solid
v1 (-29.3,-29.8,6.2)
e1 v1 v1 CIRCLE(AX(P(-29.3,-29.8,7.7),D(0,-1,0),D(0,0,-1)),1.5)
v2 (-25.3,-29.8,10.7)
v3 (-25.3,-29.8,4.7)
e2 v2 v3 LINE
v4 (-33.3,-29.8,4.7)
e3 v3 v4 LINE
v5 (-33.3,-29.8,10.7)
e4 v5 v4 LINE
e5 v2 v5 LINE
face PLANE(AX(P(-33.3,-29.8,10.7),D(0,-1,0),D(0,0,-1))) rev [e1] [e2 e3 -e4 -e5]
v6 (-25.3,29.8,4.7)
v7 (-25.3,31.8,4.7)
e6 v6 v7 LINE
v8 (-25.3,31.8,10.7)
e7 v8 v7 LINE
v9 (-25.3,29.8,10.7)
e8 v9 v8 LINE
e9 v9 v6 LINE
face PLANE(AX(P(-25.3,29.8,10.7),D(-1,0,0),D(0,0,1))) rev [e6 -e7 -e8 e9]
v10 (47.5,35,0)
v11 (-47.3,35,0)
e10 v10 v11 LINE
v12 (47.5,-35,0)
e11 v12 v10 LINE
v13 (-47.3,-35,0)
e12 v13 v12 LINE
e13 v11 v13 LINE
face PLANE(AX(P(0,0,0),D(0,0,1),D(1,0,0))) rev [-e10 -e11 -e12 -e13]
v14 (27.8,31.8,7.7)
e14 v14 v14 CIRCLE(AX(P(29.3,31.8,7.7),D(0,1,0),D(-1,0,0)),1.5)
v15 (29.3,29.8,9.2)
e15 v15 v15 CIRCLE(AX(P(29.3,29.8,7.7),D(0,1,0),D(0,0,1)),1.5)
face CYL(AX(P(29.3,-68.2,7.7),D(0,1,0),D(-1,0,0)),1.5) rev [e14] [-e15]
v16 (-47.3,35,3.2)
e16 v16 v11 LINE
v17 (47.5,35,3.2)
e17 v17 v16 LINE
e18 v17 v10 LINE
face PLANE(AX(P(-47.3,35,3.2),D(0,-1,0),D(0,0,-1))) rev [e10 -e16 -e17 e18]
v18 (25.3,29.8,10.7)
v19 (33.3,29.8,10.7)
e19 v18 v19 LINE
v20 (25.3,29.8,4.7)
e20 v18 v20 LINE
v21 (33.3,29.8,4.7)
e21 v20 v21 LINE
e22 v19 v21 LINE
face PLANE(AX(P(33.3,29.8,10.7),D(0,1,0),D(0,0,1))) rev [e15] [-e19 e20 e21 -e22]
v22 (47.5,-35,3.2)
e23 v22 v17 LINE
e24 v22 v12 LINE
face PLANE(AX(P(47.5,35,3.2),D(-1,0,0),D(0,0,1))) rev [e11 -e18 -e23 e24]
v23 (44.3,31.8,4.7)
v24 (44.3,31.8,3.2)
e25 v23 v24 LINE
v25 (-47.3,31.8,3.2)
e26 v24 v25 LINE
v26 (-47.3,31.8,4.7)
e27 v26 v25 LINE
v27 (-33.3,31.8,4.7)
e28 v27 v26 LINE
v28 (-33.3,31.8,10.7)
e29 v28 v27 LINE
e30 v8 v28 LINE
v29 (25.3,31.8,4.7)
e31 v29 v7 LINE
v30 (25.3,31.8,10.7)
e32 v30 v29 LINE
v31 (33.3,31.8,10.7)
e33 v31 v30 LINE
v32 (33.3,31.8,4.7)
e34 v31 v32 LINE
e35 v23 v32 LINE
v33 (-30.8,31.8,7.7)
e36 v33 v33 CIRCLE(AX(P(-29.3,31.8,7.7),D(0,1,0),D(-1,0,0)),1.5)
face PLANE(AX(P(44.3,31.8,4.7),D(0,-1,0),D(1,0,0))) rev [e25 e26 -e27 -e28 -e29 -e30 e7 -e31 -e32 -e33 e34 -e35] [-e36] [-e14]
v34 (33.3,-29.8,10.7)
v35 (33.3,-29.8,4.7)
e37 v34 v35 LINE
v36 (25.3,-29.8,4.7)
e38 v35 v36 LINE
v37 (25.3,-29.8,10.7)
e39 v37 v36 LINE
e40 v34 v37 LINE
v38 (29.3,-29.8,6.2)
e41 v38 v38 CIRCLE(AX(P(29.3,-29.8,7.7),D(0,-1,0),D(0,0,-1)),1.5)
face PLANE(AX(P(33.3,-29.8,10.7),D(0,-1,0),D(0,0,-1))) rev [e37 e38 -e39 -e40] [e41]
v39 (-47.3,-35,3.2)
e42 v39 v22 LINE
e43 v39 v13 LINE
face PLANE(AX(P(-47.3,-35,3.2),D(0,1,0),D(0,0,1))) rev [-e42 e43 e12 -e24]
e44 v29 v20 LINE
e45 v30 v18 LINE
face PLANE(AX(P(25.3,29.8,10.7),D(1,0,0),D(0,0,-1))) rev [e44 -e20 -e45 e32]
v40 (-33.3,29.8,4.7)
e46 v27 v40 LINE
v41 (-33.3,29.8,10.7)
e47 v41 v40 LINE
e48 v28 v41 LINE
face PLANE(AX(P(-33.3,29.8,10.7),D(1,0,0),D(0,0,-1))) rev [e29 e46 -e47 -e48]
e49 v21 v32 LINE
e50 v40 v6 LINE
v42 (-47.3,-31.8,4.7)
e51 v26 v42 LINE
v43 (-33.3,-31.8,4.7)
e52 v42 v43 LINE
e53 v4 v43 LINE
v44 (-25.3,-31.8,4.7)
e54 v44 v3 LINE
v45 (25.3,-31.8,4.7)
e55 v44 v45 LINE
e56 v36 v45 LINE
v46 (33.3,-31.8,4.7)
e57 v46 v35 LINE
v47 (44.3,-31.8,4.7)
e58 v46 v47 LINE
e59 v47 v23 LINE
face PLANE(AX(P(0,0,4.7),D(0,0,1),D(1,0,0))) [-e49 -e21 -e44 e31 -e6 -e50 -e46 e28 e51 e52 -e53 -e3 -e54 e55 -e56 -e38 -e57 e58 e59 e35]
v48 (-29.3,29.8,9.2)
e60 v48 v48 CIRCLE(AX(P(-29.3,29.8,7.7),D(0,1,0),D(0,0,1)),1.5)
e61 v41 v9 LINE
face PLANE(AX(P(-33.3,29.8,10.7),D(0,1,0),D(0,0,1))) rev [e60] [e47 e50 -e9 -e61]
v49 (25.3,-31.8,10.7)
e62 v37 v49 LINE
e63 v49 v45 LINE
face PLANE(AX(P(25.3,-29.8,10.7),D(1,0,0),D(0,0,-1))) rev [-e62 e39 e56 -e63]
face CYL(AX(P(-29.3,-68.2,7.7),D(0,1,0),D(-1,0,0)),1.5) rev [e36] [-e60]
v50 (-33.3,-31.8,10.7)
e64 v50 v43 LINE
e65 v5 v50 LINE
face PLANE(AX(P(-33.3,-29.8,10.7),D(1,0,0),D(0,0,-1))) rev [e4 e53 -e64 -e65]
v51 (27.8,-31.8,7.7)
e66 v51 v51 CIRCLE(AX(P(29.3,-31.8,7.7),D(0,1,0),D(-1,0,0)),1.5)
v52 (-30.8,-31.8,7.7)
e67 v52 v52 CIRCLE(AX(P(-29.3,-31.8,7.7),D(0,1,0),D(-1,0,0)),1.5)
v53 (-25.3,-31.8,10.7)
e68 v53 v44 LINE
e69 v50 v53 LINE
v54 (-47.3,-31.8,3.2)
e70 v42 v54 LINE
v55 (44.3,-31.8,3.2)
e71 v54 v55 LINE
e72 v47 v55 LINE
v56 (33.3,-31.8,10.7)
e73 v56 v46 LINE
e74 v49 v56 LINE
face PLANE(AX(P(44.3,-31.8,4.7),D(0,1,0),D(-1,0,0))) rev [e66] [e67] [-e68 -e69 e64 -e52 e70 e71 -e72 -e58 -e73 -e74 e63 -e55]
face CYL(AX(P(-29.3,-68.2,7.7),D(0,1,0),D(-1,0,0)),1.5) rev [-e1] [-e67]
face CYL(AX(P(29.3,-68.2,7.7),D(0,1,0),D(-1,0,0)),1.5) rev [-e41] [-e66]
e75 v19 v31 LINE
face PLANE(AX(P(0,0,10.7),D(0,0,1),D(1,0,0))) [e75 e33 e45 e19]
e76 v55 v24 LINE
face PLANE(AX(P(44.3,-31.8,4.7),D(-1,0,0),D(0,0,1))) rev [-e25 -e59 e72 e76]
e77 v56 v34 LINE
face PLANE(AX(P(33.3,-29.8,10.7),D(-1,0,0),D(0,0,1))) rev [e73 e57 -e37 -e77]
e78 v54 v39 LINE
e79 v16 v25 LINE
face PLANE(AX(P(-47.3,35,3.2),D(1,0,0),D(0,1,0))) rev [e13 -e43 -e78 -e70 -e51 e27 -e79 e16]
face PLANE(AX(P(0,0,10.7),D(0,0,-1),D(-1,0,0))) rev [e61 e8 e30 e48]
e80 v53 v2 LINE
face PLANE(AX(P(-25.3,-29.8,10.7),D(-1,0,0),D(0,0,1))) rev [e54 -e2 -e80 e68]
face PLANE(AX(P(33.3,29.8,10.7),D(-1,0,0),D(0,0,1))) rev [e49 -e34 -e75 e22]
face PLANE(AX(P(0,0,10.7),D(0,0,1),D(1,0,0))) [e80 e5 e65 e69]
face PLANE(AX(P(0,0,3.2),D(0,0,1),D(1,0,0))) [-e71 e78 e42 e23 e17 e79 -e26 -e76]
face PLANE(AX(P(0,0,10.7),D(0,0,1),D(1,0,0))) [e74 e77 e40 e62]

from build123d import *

# Parameters (mm, degrees)
SKETCH_1_W          = 94.8
SKETCH_1_H          = 70
EXTRUDE_1_DEPTH     = 3.2
SKETCH_3_W          = 88.6
SKETCH_3_H          = 63.6
EXTRUDE_2_DEPTH     = 1.5
SKETCH_4_W          = 8
SKETCH_4_H          = 2
EXTRUDE_3_DEPTH     = 6
SKETCH_5_R          = 1.5
CUT_EXTRUDE_1_DEPTH = 100
SKETCH_6_W          = 3
SKETCH_6_H          = 63.6
EXTRUDE_4_DEPTH     = 1.5


with BuildPart() as part:
    # 草图1 → 凸台-拉伸1 (new body)
    with BuildSketch(Plane.XY):
        with Locations((0.1, 0)):
            Rectangle(SKETCH_1_W, SKETCH_1_H)
    extrude(amount=EXTRUDE_1_DEPTH)

    # 草图3 → 凸台-拉伸2 (add)
    with BuildSketch(Plane.XY.offset(3.2)):
        Rectangle(SKETCH_3_W, SKETCH_3_H)
    extrude(amount=EXTRUDE_2_DEPTH)

    # 草图4 → 凸台-拉伸3 (add)
    with BuildSketch(Plane.XY.offset(4.7)):
        with Locations((29.3, 30.8)):
            Rectangle(SKETCH_4_W, SKETCH_4_H)
        with Locations((29.3, -30.8)):
            Rectangle(SKETCH_4_W, SKETCH_4_H)
        with Locations((-29.3, -30.8)):
            Rectangle(SKETCH_4_W, SKETCH_4_H)
        with Locations((-29.3, 30.8)):
            Rectangle(SKETCH_4_W, SKETCH_4_H)
    extrude(amount=EXTRUDE_3_DEPTH)

    # 草图5 → 切除-拉伸1 (cut)
    with BuildSketch(Plane(origin=(0, 31.8, 0), x_dir=(1, 0, 0), z_dir=(0, 1, 0))):
        with Locations(Location((29.3, -7.7, 0), (0, 0, 180))):
            Circle(SKETCH_5_R)
        with Locations(Location((-29.3, -7.7, 0), (0, 0, 180))):
            Circle(SKETCH_5_R)
    extrude(amount=-CUT_EXTRUDE_1_DEPTH, mode=Mode.SUBTRACT)

    # 草图6 → 凸台-拉伸4 (add)
    with BuildSketch(Plane.XY.offset(3.2)):
        with Locations((-45.8, 0)):
            Rectangle(SKETCH_6_W, SKETCH_6_H)
    extrude(amount=EXTRUDE_4_DEPTH)


solid = part.part
